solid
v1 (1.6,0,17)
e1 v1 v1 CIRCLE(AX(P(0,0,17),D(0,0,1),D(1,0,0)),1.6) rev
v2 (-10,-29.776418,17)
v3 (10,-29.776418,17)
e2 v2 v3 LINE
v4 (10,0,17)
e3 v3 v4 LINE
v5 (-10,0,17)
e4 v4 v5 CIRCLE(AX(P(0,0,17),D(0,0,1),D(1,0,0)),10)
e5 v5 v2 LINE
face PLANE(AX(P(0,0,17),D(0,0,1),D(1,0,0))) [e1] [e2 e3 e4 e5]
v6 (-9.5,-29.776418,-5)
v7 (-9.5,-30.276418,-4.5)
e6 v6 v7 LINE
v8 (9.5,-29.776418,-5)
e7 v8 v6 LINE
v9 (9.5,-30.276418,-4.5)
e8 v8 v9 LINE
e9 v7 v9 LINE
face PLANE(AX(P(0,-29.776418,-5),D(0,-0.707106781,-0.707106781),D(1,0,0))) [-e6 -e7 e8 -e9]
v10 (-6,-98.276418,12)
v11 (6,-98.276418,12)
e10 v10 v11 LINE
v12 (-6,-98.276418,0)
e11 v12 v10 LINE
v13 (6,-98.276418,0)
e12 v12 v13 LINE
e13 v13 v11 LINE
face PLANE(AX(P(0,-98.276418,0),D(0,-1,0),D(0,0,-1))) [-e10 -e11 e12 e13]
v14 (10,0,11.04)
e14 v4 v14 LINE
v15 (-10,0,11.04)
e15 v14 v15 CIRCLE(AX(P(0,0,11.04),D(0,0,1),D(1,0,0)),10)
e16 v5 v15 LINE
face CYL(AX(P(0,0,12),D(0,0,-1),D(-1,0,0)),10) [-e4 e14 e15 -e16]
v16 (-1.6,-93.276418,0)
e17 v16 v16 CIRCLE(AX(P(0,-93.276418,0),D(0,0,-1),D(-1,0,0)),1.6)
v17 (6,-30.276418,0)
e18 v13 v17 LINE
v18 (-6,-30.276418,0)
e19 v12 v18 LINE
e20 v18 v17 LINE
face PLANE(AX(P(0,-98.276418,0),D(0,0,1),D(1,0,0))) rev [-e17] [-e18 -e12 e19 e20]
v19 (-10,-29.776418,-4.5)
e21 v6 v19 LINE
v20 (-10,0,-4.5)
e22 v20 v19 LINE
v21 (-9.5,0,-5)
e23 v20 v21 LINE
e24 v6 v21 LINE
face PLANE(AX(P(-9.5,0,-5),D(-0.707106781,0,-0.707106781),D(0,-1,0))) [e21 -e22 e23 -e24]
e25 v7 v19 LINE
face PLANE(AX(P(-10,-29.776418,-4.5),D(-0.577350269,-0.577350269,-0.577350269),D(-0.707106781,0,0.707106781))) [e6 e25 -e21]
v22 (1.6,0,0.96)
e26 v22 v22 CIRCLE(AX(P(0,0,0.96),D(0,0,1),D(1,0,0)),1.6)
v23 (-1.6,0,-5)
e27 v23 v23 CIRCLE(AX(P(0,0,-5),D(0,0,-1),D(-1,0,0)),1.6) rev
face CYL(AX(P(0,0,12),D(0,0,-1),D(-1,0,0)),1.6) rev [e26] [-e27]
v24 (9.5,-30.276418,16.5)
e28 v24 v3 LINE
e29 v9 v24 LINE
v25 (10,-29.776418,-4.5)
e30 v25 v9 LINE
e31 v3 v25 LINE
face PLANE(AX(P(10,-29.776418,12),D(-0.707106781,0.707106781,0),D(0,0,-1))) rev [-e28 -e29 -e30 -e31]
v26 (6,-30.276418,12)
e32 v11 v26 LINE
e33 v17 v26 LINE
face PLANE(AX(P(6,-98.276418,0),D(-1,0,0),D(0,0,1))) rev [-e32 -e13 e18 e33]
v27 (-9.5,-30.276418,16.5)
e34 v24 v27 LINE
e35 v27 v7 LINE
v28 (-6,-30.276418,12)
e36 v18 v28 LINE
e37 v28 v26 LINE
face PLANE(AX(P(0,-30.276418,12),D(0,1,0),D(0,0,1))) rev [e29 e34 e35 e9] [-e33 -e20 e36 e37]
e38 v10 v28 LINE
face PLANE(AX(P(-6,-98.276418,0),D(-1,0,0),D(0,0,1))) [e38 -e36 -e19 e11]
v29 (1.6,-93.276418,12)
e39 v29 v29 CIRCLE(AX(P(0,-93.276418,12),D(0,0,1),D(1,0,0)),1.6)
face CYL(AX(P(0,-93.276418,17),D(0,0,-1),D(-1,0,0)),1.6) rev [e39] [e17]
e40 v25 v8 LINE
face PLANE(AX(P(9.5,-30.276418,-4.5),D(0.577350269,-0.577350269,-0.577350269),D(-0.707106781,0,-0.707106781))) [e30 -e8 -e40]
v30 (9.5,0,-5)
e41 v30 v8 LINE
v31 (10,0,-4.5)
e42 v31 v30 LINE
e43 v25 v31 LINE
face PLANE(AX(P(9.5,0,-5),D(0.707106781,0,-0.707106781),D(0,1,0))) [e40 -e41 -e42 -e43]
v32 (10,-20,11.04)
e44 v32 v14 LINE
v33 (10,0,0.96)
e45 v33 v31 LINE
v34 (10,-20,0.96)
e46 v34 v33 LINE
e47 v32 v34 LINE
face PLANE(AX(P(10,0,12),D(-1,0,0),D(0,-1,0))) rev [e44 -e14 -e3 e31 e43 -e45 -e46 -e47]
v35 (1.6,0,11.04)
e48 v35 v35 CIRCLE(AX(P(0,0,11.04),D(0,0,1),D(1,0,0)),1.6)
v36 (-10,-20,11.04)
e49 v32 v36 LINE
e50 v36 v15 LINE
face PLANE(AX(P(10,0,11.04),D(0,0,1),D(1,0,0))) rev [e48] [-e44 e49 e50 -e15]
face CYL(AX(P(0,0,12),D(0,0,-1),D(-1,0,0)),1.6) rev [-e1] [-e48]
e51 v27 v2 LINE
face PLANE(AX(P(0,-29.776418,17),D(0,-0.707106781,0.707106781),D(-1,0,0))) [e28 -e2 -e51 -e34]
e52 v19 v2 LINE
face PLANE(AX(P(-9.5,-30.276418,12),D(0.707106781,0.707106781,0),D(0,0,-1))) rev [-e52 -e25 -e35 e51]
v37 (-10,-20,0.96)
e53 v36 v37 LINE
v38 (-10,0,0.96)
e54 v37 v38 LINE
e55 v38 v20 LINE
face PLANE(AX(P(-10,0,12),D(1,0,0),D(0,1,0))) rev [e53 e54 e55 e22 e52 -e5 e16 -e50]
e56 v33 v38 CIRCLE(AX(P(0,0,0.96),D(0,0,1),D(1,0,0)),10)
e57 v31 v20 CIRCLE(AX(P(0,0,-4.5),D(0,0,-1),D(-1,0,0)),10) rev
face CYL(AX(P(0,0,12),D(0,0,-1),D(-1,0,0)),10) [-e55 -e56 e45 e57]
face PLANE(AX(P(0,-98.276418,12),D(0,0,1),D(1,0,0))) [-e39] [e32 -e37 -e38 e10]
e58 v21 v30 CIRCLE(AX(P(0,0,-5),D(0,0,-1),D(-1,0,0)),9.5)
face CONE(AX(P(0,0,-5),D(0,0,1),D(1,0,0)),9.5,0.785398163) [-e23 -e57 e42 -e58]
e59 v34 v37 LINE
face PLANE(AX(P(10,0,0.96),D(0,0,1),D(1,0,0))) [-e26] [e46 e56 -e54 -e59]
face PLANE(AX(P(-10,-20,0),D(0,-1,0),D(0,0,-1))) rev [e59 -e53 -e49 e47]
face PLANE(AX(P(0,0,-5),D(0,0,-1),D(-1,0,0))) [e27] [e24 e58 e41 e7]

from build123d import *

# Parameters (mm, degrees)
SKETCH_1_R          = 1.6
EXTRUDE_1_DEPTH     = 12
CUT_EXTRUDE_1_DEPTH = 21
CUT_EXTRUDE_6_DEPTH = 21
SKETCH_12_R         = 1.6
EXTRUDE_11_DEPTH    = 5
SKETCH_13_R         = 1.6
EXTRUDE_12_DEPTH    = 5
SKETCH_14_W         = 2.04
SKETCH_14_H         = 20
CUT_EXTRUDE_7_DEPTH = 21
SKETCH_15_W         = 6
SKETCH_15_H         = 6
EXTRUDE_13_DEPTH    = 68
SKETCH_17_R         = 1.6
CUT_EXTRUDE_8_DEPTH = 18
CHAMFER_1_SIZE      = 0.5


with BuildPart() as part:
    # 草圖1 → 填料-伸長1 (new body)
    with BuildSketch(Plane.XY):
        with BuildLine():
            Line((-10, 0), (-10, -30.276417548))
            Line((-10, -30.276417548), (10, -30.276417548))
            Line((10, -30.276417548), (10, 0))
            ThreePointArc((10, 0), (0, 10), (-10, 0))
        make_face()
        Circle(SKETCH_1_R, mode=Mode.SUBTRACT)
    extrude(amount=EXTRUDE_1_DEPTH)

    # 草圖2 → 除料-伸長1 (cut, through all)
    with BuildSketch(Plane(origin=(10, 0, 0), x_dir=(0, 0, -1), z_dir=(1, 0, 0))):
        Polygon((-9, 0), (-6, 0), (-3, 0), (-3, 15.780779257), (-9, 15.780779257), align=None)
        Polygon((-3, 0), (-6, 0), (-9, 0), (-8.60053373, -20), (-3, -20), align=None)
    extrude(amount=-CUT_EXTRUDE_1_DEPTH, mode=Mode.SUBTRACT)

    # 草圖11 → 除料-伸長6 (cut, through all)
    with BuildSketch(Plane(origin=(10, 0, 0), x_dir=(0, 0, -1), z_dir=(1, 0, 0))):
        Polygon((-9, 0), (-9, -20), (-8.60053373, -20), align=None)
    extrude(amount=-CUT_EXTRUDE_6_DEPTH, mode=Mode.SUBTRACT)

    # 草圖12 → 填料-伸長11 (add)
    with BuildSketch(Plane.XY.offset(12)):
        with BuildLine():
            ThreePointArc((10, 0), (0, 10), (-10, 0))
            ThreePointArc((-10, 0), (0, -10), (10, 0))
        make_face()
        Circle(SKETCH_12_R, mode=Mode.SUBTRACT)
        with BuildLine():
            ThreePointArc((10, 0), (0, -10), (-10, 0))
            Line((-10, 0), (-10, -30.276417548))
            Line((-10, -30.276417548), (10, -30.276417548))
            Line((10, -30.276417548), (10, 0))
        make_face()
    extrude(amount=EXTRUDE_11_DEPTH)

    # 草圖13 → 填料-伸長12 (add)
    with BuildSketch(Plane(origin=(0, 0, 0), x_dir=(-1, 0, 0), z_dir=(0, 0, -1))):
        with BuildLine():
            ThreePointArc((10, 0), (0, 10), (-10, 0))
            ThreePointArc((-10, 0), (0, -10), (10, 0))
        make_face()
        Circle(SKETCH_13_R, mode=Mode.SUBTRACT)
        with BuildLine():
            ThreePointArc((10, 0), (0, -10), (-10, 0))
            Line((-10, 0), (-10, -30.276417548))
            Line((-10, -30.276417548), (10, -30.276417548))
            Line((10, -30.276417548), (10, 0))
        make_face()
    extrude(amount=EXTRUDE_12_DEPTH)

    # 草圖14 → 除料-伸長7 (cut, through all)
    with BuildSketch(Plane.ZY.offset(10)):
        Polygon((3, 0), (3, -20), (9, -20), (9, 0), (11.04, 0), (11.04, 10), (3, 10), (0.96, 10), (0.96, 0), align=None)
        with Locations((1.98, -10)):
            Rectangle(SKETCH_14_W, SKETCH_14_H)
        with Locations((10.02, -10)):
            Rectangle(SKETCH_14_W, SKETCH_14_H)
    extrude(amount=-CUT_EXTRUDE_7_DEPTH, mode=Mode.SUBTRACT)

    # 草圖15 → 填料-伸長13 (add)
    with BuildSketch(Plane.XZ.offset(30.276417548)):
        with Locations((3, 9)):
            Rectangle(SKETCH_15_W, SKETCH_15_H)
        with Locations((-3, 9)):
            Rectangle(SKETCH_15_W, SKETCH_15_H)
        with Locations((3, 3)):
            Rectangle(SKETCH_15_W, SKETCH_15_H)
        with Locations((-3, 3)):
            Rectangle(SKETCH_15_W, SKETCH_15_H)
    extrude(amount=EXTRUDE_13_DEPTH)

    # 草圖17 → 除料-伸長8 (cut, through all)
    with BuildSketch(Plane(origin=(0, 0, 0), x_dir=(-1, 0, 0), z_dir=(0, 0, -1))):
        with Locations((0, -93.276417548)):
            Circle(SKETCH_17_R)
    extrude(amount=-CUT_EXTRUDE_8_DEPTH, mode=Mode.SUBTRACT)

    # 導角1
    chamfer_1_edges = [part.edges().sort_by_distance(p)[0] for p in [
        (10, -30.276417548, 6),
        (-10, -30.276417548, 6),
        (0, -30.276417548, 17),
        (0, 10, -5),
        (10, -15.138208774, -5),
        (0, -30.276417548, -5),
        (-10, -15.138208774, -5),
    ]]
    chamfer(chamfer_1_edges, length=CHAMFER_1_SIZE)


solid = part.part
